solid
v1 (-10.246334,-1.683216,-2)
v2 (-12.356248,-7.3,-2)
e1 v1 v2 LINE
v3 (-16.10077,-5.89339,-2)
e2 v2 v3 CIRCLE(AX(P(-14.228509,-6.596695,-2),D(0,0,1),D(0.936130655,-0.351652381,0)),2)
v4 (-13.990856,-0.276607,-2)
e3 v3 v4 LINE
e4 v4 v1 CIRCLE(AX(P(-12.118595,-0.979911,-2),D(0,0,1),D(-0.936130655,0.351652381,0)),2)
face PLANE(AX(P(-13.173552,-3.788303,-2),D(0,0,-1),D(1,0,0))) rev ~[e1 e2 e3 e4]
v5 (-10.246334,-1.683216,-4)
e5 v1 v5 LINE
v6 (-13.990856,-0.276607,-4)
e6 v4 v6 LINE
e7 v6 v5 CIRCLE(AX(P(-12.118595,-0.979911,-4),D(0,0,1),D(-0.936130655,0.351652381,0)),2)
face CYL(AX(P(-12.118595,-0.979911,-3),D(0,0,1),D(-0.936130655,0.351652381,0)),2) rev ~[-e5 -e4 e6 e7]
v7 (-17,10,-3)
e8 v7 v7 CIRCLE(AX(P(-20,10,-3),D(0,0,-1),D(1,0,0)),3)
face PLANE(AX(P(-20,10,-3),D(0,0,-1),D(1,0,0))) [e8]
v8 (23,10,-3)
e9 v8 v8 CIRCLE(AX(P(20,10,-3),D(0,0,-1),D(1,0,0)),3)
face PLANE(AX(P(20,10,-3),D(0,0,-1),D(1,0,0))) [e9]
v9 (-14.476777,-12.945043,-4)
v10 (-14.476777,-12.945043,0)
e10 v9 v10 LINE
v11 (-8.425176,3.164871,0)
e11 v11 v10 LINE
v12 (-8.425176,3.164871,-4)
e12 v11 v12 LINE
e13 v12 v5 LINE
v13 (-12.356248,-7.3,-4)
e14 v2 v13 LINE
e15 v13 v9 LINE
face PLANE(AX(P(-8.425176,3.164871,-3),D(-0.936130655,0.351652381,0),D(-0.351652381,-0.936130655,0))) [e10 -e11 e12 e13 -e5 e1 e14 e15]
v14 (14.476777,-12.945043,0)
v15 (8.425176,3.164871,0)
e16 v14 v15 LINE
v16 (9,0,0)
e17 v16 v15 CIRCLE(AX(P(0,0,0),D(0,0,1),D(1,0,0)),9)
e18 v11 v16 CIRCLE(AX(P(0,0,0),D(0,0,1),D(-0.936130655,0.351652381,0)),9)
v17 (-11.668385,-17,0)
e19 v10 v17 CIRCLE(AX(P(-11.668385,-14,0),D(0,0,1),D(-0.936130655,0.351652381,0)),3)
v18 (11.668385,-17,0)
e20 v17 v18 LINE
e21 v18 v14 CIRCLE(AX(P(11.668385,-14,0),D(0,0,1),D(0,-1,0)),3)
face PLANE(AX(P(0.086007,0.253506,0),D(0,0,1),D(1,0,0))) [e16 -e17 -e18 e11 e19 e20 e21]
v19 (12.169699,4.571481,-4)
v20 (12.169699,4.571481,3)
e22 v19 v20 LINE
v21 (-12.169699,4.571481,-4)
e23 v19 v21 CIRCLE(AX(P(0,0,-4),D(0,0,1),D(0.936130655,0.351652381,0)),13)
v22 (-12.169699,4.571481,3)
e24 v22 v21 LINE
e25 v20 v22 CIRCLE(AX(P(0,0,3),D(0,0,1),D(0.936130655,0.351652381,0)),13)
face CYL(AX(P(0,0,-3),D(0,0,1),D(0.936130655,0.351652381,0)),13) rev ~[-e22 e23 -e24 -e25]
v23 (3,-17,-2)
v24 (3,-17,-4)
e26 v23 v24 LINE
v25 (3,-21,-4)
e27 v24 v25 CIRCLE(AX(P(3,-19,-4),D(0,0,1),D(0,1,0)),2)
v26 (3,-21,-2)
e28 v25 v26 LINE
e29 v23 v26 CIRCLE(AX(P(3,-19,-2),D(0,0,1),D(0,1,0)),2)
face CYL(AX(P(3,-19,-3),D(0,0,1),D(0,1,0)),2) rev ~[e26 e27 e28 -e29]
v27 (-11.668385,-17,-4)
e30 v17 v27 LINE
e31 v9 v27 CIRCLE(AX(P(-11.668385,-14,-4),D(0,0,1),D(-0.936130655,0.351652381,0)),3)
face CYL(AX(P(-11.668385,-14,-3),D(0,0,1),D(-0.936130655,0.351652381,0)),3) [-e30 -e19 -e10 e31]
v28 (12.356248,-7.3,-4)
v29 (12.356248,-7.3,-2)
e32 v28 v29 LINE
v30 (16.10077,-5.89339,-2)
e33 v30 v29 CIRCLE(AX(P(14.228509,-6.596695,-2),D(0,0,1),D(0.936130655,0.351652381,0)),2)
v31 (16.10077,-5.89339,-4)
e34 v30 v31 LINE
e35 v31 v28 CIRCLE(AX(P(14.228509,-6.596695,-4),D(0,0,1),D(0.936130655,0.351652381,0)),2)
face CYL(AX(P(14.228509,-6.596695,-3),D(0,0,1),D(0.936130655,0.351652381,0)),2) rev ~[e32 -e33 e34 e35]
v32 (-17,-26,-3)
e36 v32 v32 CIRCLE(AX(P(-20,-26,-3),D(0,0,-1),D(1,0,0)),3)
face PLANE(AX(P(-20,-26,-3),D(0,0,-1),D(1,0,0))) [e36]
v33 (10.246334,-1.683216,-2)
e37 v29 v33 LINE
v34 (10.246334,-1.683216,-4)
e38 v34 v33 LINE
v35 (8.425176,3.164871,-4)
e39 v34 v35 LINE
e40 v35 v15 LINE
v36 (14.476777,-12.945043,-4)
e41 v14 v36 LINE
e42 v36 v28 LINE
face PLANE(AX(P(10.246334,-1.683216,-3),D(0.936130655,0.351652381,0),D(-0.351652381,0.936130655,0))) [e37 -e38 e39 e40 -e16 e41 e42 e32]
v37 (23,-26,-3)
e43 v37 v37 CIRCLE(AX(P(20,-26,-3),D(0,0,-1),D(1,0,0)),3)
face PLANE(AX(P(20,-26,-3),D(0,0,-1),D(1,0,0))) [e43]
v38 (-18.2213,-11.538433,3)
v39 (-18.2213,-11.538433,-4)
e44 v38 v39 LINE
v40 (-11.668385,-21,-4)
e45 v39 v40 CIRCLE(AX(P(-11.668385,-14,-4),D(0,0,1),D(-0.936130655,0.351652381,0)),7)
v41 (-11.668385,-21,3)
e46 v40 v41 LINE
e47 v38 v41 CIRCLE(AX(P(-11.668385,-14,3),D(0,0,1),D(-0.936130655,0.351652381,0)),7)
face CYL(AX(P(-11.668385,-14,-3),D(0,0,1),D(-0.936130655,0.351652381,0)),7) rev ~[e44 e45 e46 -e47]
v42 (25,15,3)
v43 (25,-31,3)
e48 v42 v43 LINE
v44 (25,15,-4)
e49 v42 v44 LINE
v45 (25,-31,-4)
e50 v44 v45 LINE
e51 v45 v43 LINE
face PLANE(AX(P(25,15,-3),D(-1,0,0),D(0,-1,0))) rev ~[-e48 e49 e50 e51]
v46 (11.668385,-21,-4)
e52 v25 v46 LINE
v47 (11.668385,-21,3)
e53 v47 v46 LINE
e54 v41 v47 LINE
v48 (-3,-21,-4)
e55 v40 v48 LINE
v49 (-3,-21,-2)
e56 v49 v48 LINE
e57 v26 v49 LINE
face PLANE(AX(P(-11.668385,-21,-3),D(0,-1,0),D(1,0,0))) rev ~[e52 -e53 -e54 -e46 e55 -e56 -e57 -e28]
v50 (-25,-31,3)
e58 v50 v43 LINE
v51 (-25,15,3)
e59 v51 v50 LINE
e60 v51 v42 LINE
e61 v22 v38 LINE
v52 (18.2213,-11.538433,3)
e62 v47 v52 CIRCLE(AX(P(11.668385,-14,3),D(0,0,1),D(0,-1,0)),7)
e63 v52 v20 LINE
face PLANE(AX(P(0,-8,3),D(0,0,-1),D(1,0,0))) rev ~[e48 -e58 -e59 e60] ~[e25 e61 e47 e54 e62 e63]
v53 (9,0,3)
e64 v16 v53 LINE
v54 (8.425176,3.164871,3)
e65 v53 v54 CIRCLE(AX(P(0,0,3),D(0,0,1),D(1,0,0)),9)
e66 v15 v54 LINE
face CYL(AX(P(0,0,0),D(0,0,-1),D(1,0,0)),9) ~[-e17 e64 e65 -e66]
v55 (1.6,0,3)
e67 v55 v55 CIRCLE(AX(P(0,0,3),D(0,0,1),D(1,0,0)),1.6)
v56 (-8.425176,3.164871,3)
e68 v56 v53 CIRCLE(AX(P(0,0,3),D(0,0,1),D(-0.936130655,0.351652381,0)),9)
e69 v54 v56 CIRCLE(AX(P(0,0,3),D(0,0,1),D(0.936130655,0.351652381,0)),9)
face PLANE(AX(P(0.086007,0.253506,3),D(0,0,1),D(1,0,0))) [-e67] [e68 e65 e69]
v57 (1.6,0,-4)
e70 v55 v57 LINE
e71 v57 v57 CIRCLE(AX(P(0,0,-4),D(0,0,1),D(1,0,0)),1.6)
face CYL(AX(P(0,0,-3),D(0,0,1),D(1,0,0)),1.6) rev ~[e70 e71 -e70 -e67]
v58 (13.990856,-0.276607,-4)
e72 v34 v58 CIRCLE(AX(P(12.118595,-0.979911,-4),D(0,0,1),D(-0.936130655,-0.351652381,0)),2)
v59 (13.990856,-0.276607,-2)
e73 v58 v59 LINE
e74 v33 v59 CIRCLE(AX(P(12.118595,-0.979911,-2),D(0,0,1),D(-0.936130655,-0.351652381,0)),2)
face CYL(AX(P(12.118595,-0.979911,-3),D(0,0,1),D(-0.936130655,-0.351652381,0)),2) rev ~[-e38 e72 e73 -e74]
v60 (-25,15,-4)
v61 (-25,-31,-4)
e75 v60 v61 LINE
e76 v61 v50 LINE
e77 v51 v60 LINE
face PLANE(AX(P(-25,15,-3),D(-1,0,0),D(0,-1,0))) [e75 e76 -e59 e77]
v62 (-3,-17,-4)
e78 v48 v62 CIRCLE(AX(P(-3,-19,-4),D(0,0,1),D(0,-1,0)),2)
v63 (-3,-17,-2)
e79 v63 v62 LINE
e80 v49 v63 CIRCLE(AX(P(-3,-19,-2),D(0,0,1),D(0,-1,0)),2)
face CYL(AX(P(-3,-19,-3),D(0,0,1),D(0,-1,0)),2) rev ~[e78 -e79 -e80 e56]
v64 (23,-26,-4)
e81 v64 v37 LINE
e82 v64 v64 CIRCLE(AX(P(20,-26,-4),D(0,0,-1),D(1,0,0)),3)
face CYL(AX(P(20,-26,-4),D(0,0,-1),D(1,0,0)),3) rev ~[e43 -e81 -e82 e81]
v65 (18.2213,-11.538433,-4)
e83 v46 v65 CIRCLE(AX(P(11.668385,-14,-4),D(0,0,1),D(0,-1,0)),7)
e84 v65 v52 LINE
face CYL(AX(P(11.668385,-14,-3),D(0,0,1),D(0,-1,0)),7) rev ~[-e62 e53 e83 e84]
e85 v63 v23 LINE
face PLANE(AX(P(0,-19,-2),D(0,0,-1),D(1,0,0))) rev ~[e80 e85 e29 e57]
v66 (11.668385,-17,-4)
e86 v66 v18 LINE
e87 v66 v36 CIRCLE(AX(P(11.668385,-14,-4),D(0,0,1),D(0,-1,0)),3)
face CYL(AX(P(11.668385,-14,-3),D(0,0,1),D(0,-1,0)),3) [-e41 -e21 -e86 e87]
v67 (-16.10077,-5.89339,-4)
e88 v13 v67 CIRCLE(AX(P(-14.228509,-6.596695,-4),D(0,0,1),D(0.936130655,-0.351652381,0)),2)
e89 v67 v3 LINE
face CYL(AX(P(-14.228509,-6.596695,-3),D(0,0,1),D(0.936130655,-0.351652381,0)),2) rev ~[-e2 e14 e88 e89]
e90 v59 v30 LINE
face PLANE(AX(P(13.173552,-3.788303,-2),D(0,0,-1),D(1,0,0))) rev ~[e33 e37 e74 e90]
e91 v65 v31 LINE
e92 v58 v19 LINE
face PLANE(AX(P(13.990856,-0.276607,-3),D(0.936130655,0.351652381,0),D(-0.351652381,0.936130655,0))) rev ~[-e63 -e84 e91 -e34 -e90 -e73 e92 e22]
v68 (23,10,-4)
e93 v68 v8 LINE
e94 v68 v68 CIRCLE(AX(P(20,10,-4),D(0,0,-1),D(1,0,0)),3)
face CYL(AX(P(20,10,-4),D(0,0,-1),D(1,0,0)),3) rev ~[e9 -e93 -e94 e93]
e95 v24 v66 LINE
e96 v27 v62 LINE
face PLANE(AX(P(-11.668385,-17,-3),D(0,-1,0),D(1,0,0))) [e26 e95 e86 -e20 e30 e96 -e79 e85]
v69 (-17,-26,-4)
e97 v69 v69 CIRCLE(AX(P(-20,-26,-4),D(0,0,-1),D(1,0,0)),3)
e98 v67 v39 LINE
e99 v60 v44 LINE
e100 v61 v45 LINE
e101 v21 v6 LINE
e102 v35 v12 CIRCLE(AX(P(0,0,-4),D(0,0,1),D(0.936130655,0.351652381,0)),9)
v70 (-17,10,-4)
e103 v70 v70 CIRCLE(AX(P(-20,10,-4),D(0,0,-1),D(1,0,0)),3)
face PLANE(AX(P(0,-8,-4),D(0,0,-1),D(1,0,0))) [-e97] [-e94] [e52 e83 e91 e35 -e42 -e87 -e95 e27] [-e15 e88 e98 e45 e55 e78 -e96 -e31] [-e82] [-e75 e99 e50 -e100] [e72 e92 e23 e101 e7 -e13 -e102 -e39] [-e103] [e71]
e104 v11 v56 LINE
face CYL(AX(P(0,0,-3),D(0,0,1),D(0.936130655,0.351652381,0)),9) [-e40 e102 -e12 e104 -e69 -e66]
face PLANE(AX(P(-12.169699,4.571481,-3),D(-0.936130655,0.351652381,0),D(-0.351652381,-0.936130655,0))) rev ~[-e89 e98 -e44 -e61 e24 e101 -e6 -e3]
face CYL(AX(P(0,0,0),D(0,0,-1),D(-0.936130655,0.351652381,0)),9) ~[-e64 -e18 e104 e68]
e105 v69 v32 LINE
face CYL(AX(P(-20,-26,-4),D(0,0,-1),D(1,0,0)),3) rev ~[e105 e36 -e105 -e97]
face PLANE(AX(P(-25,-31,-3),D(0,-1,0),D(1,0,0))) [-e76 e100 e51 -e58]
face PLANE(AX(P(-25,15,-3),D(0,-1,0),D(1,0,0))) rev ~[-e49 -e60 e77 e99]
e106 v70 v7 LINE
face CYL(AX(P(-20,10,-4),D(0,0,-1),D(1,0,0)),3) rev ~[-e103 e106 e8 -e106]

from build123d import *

# Parameters (mm, degrees)
F0_R     = 1.6
F1_DEPTH = 3
F2_DEPTH = 3
F3_W     = 50
F3_H     = 46
F4_DEPTH = 6
F6_DEPTH = 1
F7_DEPTH = 1
F8_R     = 3
F9_DEPTH = 1


with BuildPart() as f1:
    # F0 (on Top) → F1 (new body)
    with BuildSketch(Plane.XY):
        with BuildLine():
            ThreePointArc((-8.4251758935, 3.1648714292), (-1.6083247431, -8.8551279788), (9, 0))
            ThreePointArc((9, 0), (8.8551279788, 1.6083247431), (8.4251758935, 3.1648714292))
            ThreePointArc((8.4251758935, 3.1648714292), (0, 9), (-8.4251758935, 3.1648714292))
        make_face()
        Circle(F0_R, mode=Mode.SUBTRACT)
        with BuildLine():
            ThreePointArc((8.4251758935, 3.1648714292), (8.8551279788, 1.6083247431), (9, 0))
            ThreePointArc((9, 0), (-1.6083247431, -8.8551279788), (-8.4251758935, 3.1648714292))
            Line((-8.4251758935, 3.1648714292), (-14.4767774381, -12.9450428569))
            ThreePointArc((-14.4767774381, -12.9450428569), (-14.1346449317, -15.7080879033), (-11.6683854736, -17))
            Line((-11.6683854736, -17), (0, -17))
            Line((0, -17), (11.6683854736, -17))
            ThreePointArc((11.6683854736, -17), (14.1346449317, -15.7080879033), (14.4767774381, -12.9450428569))
            Line((14.4767774381, -12.9450428569), (8.4251758935, 3.1648714292))
        make_face()
    extrude(amount=-F1_DEPTH)

    # F0 (on Top) → F2 (join)
    with BuildSketch(Plane.XY):
        with BuildLine():
            ThreePointArc((-8.4251758935, 3.1648714292), (-1.6083247431, -8.8551279788), (9, 0))
            ThreePointArc((9, 0), (8.8551279788, 1.6083247431), (8.4251758935, 3.1648714292))
            ThreePointArc((8.4251758935, 3.1648714292), (0, 9), (-8.4251758935, 3.1648714292))
        make_face()
        Circle(F0_R, mode=Mode.SUBTRACT)
    extrude(amount=F2_DEPTH)



with BuildPart() as f4:
    # F3 (on face) → F4 (new body, through all)
    with BuildSketch(Plane(origin=(0, 0, -3), x_dir=(1, 0, 0), z_dir=(0, 0, -1))):
        with Locations((0, 8)):
            Rectangle(F3_W, F3_H)
        with BuildLine():
            Line((-12.1696985129, -4.5714809533), (-18.2213000575, 11.5384333329))
            ThreePointArc((-18.2213000575, 11.5384333329), (-17.4229908758, 17.985538441), (-11.6683854736, 21))
            Line((-11.6683854736, 21), (11.6683854736, 21))
            ThreePointArc((11.6683854736, 21), (17.4229908758, 17.985538441), (18.2213000575, 11.5384333329))
            Line((18.2213000575, 11.5384333329), (12.1696985129, -4.5714809533))
            ThreePointArc((12.1696985129, -4.5714809533), (0, -13), (-12.1696985129, -4.5714809533))
        make_face(mode=Mode.SUBTRACT)
    extrude(amount=-F4_DEPTH)


with BuildPart() as f1_1:
    add(f1.part)

    add(f4.part)  # F6 merges F4
    # F5 (on face) → F6 (join)
    with BuildSketch(Plane(origin=(0, 0, -3), x_dir=(1, 0, 0), z_dir=(0, 0, -1))):
        with BuildLine():
            Line((-10.2463335535, 1.683216071), (-12.3562478397, 7.3))
            ThreePointArc((-12.3562478397, 7.3), (-13.5252043873, 4.7244339283), (-16.100770459, 5.8933904759))
            Line((-16.100770459, 5.8933904759), (-13.9908561729, 0.2766065469))
            ThreePointArc((-13.9908561729, 0.2766065469), (-12.8218996253, 2.8521726186), (-10.2463335535, 1.683216071))
        make_face()
        with BuildLine():
            ThreePointArc((-3, 21), (-1, 19), (-3, 17))
            Line((-3, 17), (3, 17))
            ThreePointArc((3, 17), (1, 19), (3, 21))
            Line((3, 21), (-3, 21))
        make_face()
        with BuildLine():
            Line((12.3562478397, 7.3), (10.2463335535, 1.683216071))
            ThreePointArc((10.2463335535, 1.683216071), (12.8218996253, 2.8521726186), (13.9908561729, 0.2766065469))
            Line((13.9908561729, 0.2766065469), (16.100770459, 5.8933904759))
            ThreePointArc((16.100770459, 5.8933904759), (13.5252043873, 4.7244339283), (12.3562478397, 7.3))
        make_face()
    extrude(amount=-F6_DEPTH)

    # F7 (add): a face of the model
    f7_faces = [f1_1.faces().sort_by_distance(p)[0] for p in [
        (0, -8.3665022997, -3),
    ]]
    extrude(f7_faces, amount=F7_DEPTH)

    # F8 (on face) → F9 (cut)
    with BuildSketch(Plane(origin=(0, 0, -4), x_dir=(1, 0, 0), z_dir=(0, 0, -1))):
        with Locations((-20, 26)):
            Circle(F8_R)
        with Locations((20, 26)):
            Circle(F8_R)
        with Locations((20, -10)):
            Circle(F8_R)
        with Locations((-20, -10)):
            Circle(F8_R)
    extrude(amount=-F9_DEPTH, mode=Mode.SUBTRACT)


solid = f1_1.part
